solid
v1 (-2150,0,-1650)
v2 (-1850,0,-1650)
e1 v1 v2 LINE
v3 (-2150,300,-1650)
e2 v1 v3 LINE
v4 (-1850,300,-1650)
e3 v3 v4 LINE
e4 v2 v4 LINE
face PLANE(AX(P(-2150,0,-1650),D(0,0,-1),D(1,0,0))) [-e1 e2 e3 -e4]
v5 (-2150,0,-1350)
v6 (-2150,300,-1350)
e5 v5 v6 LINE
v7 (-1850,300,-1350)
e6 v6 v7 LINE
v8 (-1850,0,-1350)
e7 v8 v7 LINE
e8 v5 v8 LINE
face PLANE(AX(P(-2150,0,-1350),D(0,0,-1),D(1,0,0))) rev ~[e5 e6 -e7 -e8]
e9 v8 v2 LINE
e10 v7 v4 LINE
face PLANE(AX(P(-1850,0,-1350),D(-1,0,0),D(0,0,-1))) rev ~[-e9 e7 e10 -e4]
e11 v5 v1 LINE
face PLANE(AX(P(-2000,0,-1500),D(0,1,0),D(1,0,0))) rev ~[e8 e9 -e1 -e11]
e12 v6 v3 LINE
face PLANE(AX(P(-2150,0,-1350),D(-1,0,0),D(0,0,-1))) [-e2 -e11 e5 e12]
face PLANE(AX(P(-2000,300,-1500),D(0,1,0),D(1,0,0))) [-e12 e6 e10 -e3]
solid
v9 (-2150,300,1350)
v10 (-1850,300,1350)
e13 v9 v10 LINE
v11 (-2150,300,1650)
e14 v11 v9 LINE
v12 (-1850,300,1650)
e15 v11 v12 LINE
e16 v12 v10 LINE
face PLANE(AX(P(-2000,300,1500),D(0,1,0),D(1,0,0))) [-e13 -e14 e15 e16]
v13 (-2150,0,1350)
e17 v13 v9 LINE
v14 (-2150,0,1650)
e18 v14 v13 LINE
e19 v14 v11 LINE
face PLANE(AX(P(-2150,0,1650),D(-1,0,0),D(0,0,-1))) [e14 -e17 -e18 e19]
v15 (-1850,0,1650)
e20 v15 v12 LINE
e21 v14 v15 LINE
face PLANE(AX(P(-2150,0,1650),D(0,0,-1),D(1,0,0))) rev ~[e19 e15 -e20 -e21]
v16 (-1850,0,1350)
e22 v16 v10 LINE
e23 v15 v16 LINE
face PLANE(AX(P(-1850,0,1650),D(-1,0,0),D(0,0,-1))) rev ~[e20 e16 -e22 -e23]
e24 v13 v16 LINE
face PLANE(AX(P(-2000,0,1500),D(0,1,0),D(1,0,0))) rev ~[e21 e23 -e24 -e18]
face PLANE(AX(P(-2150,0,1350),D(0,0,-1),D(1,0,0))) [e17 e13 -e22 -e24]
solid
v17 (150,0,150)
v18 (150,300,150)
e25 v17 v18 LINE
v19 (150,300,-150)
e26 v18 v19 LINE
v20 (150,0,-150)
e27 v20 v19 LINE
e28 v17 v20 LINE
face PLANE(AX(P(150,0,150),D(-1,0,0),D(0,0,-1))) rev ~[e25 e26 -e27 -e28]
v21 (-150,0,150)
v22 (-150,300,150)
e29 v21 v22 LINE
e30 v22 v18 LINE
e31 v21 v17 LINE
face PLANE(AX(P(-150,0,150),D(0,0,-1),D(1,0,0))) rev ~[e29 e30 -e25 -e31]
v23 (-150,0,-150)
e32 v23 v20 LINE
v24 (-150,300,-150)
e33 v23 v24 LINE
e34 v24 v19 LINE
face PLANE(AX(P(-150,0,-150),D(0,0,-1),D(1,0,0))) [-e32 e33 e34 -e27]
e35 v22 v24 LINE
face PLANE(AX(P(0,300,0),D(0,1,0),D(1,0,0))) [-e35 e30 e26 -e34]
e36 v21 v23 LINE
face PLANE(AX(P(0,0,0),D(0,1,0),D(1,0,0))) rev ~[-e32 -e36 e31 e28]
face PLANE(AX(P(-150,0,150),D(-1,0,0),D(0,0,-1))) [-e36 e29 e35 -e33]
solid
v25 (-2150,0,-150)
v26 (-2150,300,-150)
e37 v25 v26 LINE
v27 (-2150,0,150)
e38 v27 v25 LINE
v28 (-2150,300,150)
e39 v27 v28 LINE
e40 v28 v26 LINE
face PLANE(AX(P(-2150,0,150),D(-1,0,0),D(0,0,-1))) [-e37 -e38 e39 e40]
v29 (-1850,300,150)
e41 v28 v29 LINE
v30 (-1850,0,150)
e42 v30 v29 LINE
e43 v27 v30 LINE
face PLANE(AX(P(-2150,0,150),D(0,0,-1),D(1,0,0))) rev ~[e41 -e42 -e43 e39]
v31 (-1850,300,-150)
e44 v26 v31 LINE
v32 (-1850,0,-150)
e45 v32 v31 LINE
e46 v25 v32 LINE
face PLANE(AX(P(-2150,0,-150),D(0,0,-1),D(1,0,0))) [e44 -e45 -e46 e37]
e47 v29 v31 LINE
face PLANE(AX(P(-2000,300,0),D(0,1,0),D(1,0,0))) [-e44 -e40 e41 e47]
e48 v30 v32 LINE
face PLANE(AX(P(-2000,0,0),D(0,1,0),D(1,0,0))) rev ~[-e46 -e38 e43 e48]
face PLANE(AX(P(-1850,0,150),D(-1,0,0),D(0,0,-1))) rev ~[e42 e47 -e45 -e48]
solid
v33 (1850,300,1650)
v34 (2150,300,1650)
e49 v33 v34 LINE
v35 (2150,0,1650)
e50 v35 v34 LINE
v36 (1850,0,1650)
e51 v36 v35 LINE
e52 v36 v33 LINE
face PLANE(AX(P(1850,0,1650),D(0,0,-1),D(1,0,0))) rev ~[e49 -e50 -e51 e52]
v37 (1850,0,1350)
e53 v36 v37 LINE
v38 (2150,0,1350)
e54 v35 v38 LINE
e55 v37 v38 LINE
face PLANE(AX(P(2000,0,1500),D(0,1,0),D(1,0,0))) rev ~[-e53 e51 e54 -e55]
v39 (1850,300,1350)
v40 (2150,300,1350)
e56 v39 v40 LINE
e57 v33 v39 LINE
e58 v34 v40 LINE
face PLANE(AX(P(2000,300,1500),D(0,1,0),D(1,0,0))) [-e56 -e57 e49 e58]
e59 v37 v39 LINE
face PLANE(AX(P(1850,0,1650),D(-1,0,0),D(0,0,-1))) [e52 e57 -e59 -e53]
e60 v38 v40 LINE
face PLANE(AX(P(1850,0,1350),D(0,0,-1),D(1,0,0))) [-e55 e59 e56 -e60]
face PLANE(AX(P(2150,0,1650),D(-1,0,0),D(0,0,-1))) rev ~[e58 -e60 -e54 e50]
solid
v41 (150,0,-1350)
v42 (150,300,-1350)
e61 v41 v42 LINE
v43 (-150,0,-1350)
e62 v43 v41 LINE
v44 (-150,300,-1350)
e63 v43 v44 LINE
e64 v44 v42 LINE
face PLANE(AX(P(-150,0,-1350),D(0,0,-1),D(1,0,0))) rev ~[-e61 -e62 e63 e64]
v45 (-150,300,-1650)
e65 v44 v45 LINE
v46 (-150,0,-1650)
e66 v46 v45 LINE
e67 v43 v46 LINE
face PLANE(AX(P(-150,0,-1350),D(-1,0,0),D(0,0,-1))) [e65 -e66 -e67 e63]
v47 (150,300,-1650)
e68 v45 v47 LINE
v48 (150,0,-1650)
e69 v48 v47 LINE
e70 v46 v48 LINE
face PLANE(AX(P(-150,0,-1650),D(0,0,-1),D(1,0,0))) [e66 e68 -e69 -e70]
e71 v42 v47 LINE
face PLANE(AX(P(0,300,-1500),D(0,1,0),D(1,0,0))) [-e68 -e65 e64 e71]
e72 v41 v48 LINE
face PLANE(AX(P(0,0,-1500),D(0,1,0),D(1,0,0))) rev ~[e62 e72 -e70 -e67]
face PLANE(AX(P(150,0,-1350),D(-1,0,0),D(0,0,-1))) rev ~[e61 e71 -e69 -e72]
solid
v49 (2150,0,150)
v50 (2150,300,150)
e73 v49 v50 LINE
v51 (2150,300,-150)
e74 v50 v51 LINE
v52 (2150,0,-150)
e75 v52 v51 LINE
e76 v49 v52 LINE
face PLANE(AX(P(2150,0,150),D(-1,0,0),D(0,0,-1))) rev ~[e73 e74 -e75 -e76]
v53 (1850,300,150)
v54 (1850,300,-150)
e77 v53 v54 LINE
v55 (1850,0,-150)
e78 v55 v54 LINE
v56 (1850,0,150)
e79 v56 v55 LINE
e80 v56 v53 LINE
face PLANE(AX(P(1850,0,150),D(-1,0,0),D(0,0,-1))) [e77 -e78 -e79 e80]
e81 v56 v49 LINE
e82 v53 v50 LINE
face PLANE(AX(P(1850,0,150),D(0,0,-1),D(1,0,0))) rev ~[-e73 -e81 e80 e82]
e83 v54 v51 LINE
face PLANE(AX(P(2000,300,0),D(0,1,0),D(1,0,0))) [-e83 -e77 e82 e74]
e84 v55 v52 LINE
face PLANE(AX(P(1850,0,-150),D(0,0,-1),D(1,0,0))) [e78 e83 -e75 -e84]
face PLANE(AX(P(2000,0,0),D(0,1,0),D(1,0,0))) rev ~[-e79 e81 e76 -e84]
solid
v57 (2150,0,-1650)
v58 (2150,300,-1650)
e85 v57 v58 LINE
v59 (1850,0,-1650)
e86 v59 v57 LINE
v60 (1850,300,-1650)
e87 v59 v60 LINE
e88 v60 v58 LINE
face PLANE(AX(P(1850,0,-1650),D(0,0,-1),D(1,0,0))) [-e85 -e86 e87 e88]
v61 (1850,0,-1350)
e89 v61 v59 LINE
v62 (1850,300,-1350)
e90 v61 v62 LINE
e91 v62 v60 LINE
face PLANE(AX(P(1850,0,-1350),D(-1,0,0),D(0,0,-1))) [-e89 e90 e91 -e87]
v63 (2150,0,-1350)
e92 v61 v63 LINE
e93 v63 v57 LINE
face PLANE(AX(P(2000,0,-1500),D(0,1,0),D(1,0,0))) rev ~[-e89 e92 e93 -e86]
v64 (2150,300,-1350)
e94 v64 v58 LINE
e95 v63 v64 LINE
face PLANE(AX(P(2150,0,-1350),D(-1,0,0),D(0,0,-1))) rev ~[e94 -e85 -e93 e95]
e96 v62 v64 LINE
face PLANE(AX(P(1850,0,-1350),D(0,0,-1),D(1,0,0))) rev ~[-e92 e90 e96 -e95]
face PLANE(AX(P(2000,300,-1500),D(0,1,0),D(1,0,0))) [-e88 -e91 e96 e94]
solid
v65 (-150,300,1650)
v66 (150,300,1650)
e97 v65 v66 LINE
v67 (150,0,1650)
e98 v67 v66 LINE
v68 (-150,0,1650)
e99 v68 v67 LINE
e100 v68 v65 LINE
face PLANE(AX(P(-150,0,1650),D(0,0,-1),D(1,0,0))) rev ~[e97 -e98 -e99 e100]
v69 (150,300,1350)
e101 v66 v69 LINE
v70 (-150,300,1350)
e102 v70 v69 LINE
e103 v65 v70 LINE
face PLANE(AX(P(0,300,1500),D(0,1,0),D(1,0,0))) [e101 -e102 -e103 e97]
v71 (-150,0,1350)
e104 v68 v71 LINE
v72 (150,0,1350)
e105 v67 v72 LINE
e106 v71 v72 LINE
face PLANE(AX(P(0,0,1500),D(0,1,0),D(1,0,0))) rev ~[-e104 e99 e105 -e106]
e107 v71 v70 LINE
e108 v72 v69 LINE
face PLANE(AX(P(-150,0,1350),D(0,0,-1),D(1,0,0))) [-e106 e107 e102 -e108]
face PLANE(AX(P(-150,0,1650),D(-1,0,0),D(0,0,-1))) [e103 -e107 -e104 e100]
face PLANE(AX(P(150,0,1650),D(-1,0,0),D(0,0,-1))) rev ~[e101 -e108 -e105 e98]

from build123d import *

# Parameters (mm, degrees)
SKETCH_1_W        = 300
SKETCH_1_H        = 300
EXTRUDE_1_DEPTH   = 300
EXTRUDE_1_2_DEPTH = 300
EXTRUDE_1_3_DEPTH = 300
EXTRUDE_1_4_DEPTH = 300
EXTRUDE_1_5_DEPTH = 300
EXTRUDE_1_6_DEPTH = 300
EXTRUDE_1_7_DEPTH = 300
EXTRUDE_1_8_DEPTH = 300
EXTRUDE_1_9_DEPTH = 300


with BuildPart() as part:
    # Эскиз1 → Бобышка-Вытянуть1 (new body)
    with BuildSketch(Plane(origin=(0, 0, 0), x_dir=(1, 0, 0), z_dir=(0, 1, 0))):
        with Locations((0, -1500)):
            Rectangle(SKETCH_1_W, SKETCH_1_H)
    extrude(amount=EXTRUDE_1_DEPTH)


with BuildPart() as body_2:
    # Эскиз1 → Extrude 1 2 (new body)
    with BuildSketch(Plane(origin=(0, 0, 0), x_dir=(1, 0, 0), z_dir=(0, 1, 0))):
        with Locations((-2000, -1500)):
            Rectangle(SKETCH_1_W, SKETCH_1_H)
    extrude(amount=EXTRUDE_1_2_DEPTH)


with BuildPart() as body_3:
    # Эскиз1 → Extrude 1 3 (new body)
    with BuildSketch(Plane(origin=(0, 0, 0), x_dir=(1, 0, 0), z_dir=(0, 1, 0))):
        with Locations((2000, -1500)):
            Rectangle(SKETCH_1_W, SKETCH_1_H)
    extrude(amount=EXTRUDE_1_3_DEPTH)


with BuildPart() as body_4:
    # Эскиз1 → Extrude 1 4 (new body)
    with BuildSketch(Plane(origin=(0, 0, 0), x_dir=(1, 0, 0), z_dir=(0, 1, 0))):
        Rectangle(SKETCH_1_W, SKETCH_1_H)
    extrude(amount=EXTRUDE_1_4_DEPTH)


with BuildPart() as body_5:
    # Эскиз1 → Extrude 1 5 (new body)
    with BuildSketch(Plane(origin=(0, 0, 0), x_dir=(1, 0, 0), z_dir=(0, 1, 0))):
        with Locations((2000, 0)):
            Rectangle(SKETCH_1_W, SKETCH_1_H)
    extrude(amount=EXTRUDE_1_5_DEPTH)


with BuildPart() as body_6:
    # Эскиз1 → Extrude 1 6 (new body)
    with BuildSketch(Plane(origin=(0, 0, 0), x_dir=(1, 0, 0), z_dir=(0, 1, 0))):
        with Locations((0, 1500)):
            Rectangle(SKETCH_1_W, SKETCH_1_H)
    extrude(amount=EXTRUDE_1_6_DEPTH)


with BuildPart() as body_7:
    # Эскиз1 → Extrude 1 7 (new body)
    with BuildSketch(Plane(origin=(0, 0, 0), x_dir=(1, 0, 0), z_dir=(0, 1, 0))):
        with Locations((2000, 1500)):
            Rectangle(SKETCH_1_W, SKETCH_1_H)
    extrude(amount=EXTRUDE_1_7_DEPTH)


with BuildPart() as body_8:
    # Эскиз1 → Extrude 1 8 (new body)
    with BuildSketch(Plane(origin=(0, 0, 0), x_dir=(1, 0, 0), z_dir=(0, 1, 0))):
        with Locations((-2000, 0)):
            Rectangle(SKETCH_1_W, SKETCH_1_H)
    extrude(amount=EXTRUDE_1_8_DEPTH)


with BuildPart() as body_9:
    # Эскиз1 → Extrude 1 9 (new body)
    with BuildSketch(Plane(origin=(0, 0, 0), x_dir=(1, 0, 0), z_dir=(0, 1, 0))):
        with Locations((-2000, 1500)):
            Rectangle(SKETCH_1_W, SKETCH_1_H)
    extrude(amount=EXTRUDE_1_9_DEPTH)


solid = Compound([part.part, body_2.part, body_3.part, body_4.part, body_5.part, body_6.part, body_7.part, body_8.part, body_9.part])
